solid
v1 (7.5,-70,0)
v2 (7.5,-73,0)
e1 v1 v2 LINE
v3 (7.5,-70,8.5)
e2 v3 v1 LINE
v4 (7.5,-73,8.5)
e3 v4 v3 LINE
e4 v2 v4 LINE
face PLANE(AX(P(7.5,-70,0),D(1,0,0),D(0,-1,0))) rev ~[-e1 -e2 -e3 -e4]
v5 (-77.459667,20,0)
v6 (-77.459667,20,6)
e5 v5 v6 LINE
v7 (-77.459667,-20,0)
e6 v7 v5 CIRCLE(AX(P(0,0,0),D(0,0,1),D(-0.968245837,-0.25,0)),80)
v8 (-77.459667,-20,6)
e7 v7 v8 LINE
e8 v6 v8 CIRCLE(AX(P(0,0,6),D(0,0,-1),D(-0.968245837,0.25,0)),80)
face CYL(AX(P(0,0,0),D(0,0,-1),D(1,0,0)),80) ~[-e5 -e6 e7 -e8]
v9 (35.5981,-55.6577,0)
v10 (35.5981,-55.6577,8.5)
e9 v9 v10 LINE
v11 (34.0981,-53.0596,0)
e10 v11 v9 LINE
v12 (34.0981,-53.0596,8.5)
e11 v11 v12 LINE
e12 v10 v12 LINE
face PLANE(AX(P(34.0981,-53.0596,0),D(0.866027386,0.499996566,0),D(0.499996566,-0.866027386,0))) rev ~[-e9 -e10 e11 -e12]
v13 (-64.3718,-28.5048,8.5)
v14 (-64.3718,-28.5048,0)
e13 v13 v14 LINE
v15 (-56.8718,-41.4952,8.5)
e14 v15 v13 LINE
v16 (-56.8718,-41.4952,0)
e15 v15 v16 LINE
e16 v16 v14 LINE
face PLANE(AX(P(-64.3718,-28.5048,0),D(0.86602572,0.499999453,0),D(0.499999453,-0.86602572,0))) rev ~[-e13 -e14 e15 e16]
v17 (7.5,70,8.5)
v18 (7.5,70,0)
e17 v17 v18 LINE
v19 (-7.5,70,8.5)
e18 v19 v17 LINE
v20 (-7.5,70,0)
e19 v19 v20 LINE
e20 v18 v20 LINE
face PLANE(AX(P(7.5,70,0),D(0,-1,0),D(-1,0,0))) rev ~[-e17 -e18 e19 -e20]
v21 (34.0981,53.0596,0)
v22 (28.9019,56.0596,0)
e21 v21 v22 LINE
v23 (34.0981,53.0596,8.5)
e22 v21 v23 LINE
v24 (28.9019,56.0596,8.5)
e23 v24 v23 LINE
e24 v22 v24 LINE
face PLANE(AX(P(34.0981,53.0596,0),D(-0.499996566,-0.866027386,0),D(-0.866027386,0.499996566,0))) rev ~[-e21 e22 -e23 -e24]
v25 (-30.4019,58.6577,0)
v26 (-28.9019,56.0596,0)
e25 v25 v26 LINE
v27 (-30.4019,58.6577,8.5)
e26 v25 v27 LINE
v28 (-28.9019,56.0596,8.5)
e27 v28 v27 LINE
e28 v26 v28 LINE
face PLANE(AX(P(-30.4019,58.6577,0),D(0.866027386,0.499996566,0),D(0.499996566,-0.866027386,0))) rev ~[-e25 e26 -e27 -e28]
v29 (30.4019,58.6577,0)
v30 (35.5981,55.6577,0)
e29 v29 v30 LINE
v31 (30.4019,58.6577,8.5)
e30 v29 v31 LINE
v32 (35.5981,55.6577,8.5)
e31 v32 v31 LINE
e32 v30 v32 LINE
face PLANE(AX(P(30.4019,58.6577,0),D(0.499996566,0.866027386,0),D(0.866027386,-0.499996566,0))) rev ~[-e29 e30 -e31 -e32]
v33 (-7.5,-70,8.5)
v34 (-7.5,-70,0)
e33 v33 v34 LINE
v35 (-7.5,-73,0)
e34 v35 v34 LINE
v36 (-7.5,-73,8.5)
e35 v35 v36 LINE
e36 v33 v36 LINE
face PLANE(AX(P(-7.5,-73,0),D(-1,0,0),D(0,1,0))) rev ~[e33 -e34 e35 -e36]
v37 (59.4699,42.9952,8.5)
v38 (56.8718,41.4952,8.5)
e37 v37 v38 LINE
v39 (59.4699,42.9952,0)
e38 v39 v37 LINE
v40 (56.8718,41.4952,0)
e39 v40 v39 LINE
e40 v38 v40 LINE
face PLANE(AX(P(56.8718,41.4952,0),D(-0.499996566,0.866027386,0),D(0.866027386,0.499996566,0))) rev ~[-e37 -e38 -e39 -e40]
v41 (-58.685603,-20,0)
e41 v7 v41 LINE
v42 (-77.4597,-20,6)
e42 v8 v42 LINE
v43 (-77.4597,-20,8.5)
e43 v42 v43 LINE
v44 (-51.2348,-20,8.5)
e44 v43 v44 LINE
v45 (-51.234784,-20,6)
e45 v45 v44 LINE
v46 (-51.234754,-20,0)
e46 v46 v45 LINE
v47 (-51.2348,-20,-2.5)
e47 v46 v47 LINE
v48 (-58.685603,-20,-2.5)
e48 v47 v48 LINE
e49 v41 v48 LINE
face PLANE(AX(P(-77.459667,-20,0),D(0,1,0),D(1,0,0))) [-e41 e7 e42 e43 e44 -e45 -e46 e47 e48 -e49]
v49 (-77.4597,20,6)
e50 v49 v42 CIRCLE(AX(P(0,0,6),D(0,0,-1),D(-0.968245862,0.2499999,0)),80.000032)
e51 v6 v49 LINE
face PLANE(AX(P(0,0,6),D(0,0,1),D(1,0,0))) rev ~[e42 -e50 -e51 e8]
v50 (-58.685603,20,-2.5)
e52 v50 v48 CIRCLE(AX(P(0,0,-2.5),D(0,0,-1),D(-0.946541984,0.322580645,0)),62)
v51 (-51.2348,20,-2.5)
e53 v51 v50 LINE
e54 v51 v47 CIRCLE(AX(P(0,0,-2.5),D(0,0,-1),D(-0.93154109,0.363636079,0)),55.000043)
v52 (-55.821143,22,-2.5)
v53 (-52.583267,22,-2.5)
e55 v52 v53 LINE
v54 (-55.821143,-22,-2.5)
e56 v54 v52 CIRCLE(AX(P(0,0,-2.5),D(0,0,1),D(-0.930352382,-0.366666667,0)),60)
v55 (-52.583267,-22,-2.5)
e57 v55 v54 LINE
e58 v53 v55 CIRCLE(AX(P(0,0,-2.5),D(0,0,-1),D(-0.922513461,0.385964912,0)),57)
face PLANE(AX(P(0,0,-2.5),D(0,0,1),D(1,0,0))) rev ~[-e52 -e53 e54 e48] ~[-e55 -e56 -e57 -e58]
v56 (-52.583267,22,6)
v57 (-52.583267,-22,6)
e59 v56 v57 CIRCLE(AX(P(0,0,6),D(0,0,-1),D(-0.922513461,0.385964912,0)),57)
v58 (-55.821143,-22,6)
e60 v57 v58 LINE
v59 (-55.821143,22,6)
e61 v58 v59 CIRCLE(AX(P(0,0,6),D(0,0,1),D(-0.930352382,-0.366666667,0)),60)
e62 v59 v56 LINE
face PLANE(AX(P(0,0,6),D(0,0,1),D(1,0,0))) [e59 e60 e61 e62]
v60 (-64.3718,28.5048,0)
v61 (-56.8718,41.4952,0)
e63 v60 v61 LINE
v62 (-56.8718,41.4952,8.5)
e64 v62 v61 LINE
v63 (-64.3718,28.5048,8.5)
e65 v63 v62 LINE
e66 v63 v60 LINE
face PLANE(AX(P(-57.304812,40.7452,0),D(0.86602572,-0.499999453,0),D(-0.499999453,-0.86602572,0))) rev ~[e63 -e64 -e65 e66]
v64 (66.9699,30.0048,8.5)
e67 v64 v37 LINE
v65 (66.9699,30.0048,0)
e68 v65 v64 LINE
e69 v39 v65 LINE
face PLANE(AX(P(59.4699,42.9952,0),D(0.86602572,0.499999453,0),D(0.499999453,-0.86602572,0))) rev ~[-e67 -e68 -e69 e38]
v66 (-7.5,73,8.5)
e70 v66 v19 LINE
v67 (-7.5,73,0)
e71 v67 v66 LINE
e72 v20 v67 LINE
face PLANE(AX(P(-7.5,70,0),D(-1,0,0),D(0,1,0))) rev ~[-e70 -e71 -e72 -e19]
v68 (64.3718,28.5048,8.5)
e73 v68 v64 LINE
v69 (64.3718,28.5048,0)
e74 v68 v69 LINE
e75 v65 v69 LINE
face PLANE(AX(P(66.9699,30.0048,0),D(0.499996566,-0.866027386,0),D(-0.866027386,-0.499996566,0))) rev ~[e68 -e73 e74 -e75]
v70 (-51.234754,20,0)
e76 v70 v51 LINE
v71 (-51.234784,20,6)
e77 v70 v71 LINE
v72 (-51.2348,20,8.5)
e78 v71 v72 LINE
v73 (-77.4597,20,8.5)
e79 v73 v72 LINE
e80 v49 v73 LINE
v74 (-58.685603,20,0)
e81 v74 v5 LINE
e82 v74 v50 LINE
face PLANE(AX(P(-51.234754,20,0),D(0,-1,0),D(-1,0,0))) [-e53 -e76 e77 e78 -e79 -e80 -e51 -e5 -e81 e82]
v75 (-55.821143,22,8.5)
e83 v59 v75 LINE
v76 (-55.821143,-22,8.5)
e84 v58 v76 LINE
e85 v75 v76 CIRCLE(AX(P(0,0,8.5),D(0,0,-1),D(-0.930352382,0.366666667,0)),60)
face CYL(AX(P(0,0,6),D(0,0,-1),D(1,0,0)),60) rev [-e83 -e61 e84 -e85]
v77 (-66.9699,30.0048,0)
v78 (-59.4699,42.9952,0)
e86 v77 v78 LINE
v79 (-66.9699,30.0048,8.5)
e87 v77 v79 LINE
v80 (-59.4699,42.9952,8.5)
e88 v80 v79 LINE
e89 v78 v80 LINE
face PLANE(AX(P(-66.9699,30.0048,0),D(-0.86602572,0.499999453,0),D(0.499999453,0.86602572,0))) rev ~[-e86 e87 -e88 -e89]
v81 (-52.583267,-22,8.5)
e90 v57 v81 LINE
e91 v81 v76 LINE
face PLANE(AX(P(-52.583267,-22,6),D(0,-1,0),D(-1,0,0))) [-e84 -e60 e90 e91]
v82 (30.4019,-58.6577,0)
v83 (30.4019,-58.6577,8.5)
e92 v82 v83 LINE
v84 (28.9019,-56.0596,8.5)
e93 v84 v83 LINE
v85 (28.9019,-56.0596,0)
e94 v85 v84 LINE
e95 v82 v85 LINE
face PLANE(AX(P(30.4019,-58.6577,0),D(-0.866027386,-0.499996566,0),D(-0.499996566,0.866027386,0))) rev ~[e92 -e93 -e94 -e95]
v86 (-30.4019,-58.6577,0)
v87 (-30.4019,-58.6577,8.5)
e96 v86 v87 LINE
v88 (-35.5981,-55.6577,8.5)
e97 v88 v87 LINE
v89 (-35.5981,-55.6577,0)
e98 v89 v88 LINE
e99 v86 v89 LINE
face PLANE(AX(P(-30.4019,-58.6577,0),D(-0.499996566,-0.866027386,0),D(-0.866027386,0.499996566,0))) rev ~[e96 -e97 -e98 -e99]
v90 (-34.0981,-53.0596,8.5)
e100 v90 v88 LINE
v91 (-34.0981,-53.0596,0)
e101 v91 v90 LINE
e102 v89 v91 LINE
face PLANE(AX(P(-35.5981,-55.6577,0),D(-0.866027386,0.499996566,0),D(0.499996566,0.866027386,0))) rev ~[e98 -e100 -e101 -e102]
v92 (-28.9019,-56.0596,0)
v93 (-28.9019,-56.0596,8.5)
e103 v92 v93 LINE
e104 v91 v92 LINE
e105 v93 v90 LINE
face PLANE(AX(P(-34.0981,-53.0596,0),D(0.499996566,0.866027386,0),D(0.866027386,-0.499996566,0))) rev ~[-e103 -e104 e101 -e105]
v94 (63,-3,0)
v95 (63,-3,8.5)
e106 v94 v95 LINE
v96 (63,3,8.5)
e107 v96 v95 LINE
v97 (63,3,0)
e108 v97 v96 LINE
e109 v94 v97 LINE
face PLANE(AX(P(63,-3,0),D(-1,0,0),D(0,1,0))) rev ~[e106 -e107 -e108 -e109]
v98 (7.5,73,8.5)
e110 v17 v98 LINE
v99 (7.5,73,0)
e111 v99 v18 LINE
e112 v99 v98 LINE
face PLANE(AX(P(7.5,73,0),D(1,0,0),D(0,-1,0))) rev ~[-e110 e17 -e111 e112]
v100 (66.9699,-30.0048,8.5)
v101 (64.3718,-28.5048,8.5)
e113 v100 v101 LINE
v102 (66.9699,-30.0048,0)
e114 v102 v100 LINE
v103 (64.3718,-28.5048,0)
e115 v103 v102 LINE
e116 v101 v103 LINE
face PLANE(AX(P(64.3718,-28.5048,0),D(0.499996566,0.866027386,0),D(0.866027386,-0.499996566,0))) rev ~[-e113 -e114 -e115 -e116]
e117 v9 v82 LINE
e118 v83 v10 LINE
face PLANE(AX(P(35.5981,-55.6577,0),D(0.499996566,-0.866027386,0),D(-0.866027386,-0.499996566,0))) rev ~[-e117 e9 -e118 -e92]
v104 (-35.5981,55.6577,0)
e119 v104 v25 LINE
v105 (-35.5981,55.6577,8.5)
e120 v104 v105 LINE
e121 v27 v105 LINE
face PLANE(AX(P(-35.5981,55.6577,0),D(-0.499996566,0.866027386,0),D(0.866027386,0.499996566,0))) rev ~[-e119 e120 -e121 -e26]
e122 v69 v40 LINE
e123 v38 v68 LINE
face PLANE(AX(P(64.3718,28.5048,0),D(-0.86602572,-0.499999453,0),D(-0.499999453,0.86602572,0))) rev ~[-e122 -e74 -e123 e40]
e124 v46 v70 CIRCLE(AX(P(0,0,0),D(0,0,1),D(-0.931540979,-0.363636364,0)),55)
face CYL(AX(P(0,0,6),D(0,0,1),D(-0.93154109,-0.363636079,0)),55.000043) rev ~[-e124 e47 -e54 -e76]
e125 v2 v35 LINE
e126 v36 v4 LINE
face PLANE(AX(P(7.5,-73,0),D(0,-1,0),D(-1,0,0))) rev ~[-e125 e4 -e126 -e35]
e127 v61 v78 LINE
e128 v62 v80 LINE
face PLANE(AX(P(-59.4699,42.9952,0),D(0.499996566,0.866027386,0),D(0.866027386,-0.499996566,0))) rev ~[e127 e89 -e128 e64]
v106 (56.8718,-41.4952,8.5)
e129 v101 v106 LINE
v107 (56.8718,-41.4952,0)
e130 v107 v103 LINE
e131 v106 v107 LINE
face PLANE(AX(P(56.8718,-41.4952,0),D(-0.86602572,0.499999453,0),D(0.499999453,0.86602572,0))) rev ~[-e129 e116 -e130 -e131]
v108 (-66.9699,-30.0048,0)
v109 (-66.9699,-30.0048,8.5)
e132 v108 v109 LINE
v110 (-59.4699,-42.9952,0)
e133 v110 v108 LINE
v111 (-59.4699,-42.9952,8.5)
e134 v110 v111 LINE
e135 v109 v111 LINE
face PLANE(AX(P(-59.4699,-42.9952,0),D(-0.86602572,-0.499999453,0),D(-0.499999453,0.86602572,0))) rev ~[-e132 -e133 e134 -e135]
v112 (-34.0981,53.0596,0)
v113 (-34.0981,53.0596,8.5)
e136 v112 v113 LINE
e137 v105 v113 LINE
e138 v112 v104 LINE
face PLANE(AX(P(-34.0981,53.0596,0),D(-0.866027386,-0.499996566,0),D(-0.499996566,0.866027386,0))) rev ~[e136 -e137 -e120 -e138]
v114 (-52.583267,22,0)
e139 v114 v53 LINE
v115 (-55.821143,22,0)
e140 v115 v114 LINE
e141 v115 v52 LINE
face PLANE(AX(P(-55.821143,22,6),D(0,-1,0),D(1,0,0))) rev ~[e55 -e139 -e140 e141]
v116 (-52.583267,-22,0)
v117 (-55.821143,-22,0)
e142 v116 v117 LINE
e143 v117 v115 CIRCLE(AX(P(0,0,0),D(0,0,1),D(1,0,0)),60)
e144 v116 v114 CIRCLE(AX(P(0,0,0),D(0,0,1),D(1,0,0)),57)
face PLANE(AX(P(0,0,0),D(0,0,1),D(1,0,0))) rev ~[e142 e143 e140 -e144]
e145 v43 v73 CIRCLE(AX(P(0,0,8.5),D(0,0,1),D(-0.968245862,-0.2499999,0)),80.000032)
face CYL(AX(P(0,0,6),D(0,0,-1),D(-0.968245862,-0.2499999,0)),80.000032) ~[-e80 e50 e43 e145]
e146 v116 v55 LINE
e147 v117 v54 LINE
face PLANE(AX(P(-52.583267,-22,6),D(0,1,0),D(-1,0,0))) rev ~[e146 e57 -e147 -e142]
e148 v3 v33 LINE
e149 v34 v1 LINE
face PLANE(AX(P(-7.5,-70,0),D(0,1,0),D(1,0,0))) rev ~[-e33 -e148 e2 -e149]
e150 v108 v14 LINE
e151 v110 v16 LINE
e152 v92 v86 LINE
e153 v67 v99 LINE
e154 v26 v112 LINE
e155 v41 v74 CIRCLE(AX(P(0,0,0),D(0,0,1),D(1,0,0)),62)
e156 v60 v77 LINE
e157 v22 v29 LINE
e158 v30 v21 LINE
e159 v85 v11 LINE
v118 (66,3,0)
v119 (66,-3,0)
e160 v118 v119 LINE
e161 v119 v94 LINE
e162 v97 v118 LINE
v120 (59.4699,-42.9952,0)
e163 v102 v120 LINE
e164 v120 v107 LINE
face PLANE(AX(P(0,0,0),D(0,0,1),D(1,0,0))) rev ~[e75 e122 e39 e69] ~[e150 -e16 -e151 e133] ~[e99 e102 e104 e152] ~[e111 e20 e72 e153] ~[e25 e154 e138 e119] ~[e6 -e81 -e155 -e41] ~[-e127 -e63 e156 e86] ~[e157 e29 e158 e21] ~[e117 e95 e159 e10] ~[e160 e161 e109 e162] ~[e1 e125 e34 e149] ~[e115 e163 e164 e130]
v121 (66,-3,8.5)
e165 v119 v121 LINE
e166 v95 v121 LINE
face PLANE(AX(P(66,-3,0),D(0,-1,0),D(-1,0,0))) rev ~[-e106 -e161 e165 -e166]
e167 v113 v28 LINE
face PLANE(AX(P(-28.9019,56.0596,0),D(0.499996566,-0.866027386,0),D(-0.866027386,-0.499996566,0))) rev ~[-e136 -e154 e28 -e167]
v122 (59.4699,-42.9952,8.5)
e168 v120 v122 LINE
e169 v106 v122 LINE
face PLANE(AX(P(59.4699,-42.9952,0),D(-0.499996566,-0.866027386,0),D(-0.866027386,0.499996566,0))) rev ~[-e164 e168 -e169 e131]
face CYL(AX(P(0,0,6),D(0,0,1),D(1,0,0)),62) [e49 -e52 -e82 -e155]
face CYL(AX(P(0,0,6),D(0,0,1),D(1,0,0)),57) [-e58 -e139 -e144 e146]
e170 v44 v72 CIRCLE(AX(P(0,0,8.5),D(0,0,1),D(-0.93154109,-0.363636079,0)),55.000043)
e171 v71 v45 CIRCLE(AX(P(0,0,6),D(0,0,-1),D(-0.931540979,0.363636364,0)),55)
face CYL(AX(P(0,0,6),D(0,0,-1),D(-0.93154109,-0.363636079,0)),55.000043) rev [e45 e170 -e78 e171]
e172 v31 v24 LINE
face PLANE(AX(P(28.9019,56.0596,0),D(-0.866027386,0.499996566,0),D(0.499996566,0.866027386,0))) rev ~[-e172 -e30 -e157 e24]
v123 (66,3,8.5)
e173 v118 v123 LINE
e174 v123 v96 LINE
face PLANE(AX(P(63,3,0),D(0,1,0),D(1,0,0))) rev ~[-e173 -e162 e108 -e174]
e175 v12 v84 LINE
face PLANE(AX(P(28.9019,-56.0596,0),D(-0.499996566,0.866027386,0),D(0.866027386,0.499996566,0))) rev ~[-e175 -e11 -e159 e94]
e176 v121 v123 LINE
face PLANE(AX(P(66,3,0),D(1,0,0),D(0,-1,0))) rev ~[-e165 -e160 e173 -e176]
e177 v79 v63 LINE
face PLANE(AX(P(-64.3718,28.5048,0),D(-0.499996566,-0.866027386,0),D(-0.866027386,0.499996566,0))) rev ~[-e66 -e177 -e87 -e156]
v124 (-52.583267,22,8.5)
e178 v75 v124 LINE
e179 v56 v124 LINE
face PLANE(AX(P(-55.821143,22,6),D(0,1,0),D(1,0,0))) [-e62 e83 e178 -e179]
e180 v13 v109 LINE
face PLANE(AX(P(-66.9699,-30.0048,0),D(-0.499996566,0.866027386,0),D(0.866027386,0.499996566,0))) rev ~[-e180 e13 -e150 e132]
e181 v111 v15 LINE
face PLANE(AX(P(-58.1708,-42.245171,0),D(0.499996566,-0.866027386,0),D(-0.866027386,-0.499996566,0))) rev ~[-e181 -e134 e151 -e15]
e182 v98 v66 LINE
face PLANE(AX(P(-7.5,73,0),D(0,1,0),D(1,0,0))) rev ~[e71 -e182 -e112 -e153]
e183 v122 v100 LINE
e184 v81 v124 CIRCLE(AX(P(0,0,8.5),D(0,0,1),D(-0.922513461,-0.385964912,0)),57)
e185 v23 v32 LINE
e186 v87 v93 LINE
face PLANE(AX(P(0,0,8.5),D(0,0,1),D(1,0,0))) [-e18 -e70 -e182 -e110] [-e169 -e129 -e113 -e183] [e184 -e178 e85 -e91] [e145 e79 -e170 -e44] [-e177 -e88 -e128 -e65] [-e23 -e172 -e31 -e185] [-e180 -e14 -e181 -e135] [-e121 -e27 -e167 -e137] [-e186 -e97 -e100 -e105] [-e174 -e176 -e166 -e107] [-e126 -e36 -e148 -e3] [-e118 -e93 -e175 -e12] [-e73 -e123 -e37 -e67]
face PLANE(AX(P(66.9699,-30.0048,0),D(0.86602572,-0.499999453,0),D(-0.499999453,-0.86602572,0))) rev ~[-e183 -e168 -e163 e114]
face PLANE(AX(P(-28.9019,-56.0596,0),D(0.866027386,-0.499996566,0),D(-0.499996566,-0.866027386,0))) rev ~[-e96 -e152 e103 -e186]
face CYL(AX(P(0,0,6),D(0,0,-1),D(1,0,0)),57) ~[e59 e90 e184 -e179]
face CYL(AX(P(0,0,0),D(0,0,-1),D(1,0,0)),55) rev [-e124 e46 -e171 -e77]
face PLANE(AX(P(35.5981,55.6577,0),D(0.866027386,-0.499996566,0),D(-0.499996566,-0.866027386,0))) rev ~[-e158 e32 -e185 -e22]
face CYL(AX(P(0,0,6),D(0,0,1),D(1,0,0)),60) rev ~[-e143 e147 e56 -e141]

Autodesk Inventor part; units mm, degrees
ref_plane "YZ Plane" through (0, 0, 0) normal (1, 0, 0) x (0, 1, 0)
ref_plane "XZ Plane" through (0, 0, 0) normal (0, 1, 0) x (-1, 0, 0)
ref_plane "XY Plane" through (0, 0, 0) normal (0, 0, 1) x (1, 0, 0)
sketch "Sketch1" plane through (0, 0, 0) normal (0, 0, 1) x (1, 0, 0)
  circle A0 centre (0, 0) radius 80
  circle A1 centre (0, 0) radius 55
  line L0 (-7.5, 73) -> (7.5, 73)
  line L1 (7.5, 73) -> (7.5, 70)
  line L2 (7.5, 70) -> (-7.5, 70)
  line L3 (-7.5, 70) -> (-7.5, 73)
  line L4 (-66.9699, 30.0048) -> (-59.4699, 42.9952)
  line L5 (-59.4699, 42.9952) -> (-56.8718, 41.4952)
  line L6 (-56.8718, 41.4952) -> (-64.3718, 28.5048)
  line L7 (-64.3718, 28.5048) -> (-66.9699, 30.0048)
  line L8 (-59.4699, -42.9952) -> (-66.9699, -30.0048)
  line L9 (-66.9699, -30.0048) -> (-64.3718, -28.5048)
  line L10 (-64.3718, -28.5048) -> (-56.8718, -41.4952)
  line L11 (-56.8718, -41.4952) -> (-59.4699, -42.9952)
  line L12 (7.5, -73) -> (-7.5, -73)
  line L13 (-7.5, -73) -> (-7.5, -70)
  line L14 (-7.5, -70) -> (7.5, -70)
  line L15 (7.5, -70) -> (7.5, -73)
  line L16 (66.9699, -30.0048) -> (59.4699, -42.9952)
  line L17 (59.4699, -42.9952) -> (56.8718, -41.4952)
  line L18 (56.8718, -41.4952) -> (64.3718, -28.5048)
  line L19 (64.3718, -28.5048) -> (66.9699, -30.0048)
  line L20 (59.4699, 42.9952) -> (66.9699, 30.0048)
  line L21 (66.9699, 30.0048) -> (64.3718, 28.5048)
  line L22 (64.3718, 28.5048) -> (56.8718, 41.4952)
  line L23 (56.8718, 41.4952) -> (59.4699, 42.9952)
  line L24 (-58.1708, 43.7452) -> (-43.1708, 43.7452)
  line L25 (-43.1708, 43.7452) -> (-43.1708, 40.7452)
  line L26 (-43.1708, 40.7452) -> (-58.1708, 40.7452)
  line L27 (-58.1708, 40.7452) -> (-58.1708, 43.7452)
  line L28 (-58.1708, -40.7452) -> (-43.1708, -40.7452)
  line L29 (-43.1708, -40.7452) -> (-43.1708, -43.7452)
  line L30 (-43.1708, -43.7452) -> (-58.1708, -43.7452)
  line L31 (-58.1708, -43.7452) -> (-58.1708, -40.7452)
  line L32 (0, 20) -> (-100, 20)
  line L33 (-100, 20) -> (-100, -20)
  line L34 (-100, -20) -> (0, -20)
  line L35 (0, -20) -> (0, 20)
  point P0 (0, 73)
  point P1 (7.5, 71.5)
  point P2 (0, 70)
  point P3 (-63.2199, 36.5)
  point P4 (-58.1708, 42.2452)
  point P5 (-60.6218, 35)
  point P6 (-63.2199, -36.5)
  point P7 (-65.6708, -29.2548)
  point P8 (-60.6218, -35)
  point P9 (0, -73)
  point P10 (-7.5, -71.5)
  point P11 (0, -70)
  point P12 (63.2199, -36.5)
  point P13 (58.1708, -42.2452)
  point P14 (60.6218, -35)
  point P15 (63.2199, 36.5)
  point P16 (65.6708, 29.2548)
  point P17 (60.6218, 35)
  point P18 (-58.1708, 42.2452)
  point P19 (-58.1708, -42.2452)
  point P20 (-51.2348, -20)
  point P21 (-77.4597, -20)
  point P22 (-77.4597, 20)
  point P23 (-51.2348, 20)
  dimension "d0" = 160
  dimension "d1" = 110
  dimension "d2" = 15
  dimension "d3" = 3
  dimension "d11" = 70
  dimension "d14" = 360
  dimension "d18" = 15
  dimension "d19" = 3
  dimension "d20" = 15
  dimension "d21" = 3
  dimension "d22" = 40
  dimension "d23" = 100
extrude "Extrusion2" add sketch "Sketch1" along normal blind 6 contours A0 L34 A1 L32 | L27 L24 L25 L26 L6 L5 | L11 L10 L28 L29 L30 L31 picked at (16.7927, -65.9701)
sketch "草圖2" plane through (0, 0, 6) normal (0, 0, 1) x (1, 0, 0)
  arc A0 (-51.2348, -20) -> (-51.2348, 20) centre (0, 0) ccw projected
  circle A1 centre (0, 0) radius 55
  circle A2 centre (0, 0) radius 57
  circle A3 centre (0, 0) radius 60
  circle A4 centre (0, 0) radius 62
  arc A5 (-77.4597, -20) -> (-77.4597, 20) centre (0, 0) ccw projected
  line L0 (-51.2348, 20) -> (-77.4597, 20)
  line L1 (-51.2348, -20) -> (-77.4597, -20) projected
  line L2 (-51.2348, -20) -> (-77.4597, -20)
  line L3 (-51.2348, 20) -> (-77.4597, 20)
  line L4 (-77.4597, 20) -> (-77.4597, 22)
  line L5 (-77.4597, 22) -> (-51.2348, 22)
  line L6 (-51.2348, 22) -> (-51.2348, 20)
  line L7 (-77.4597, -20) -> (-51.2348, -20)
  line L8 (-51.2348, -20) -> (-51.2348, -22)
  line L9 (-51.2348, -22) -> (-77.4597, -22)
  line L10 (-77.4597, -22) -> (-77.4597, -20)
  point P0 (-58.6856, 20)
  point P1 (-58.6856, -20)
  point P2 (-55.8211, 22)
  point P3 (-55.8211, -22)
  point P4 (-52.5833, -22)
  point P5 (-52.5833, 22)
  point P6 (-57.9655, -22)
  point P7 (-76.9155, -22)
  point P8 (-76.9155, 22)
  point P9 (-57.9655, 22)
  dimension "d24" = 114
  dimension "d25" = 120
  dimension "d26" = 124
  dimension "d27" = 2
  dimension "d28" = 26.2249
  dimension "d29" = 2
  dimension "d30" = 26.2249
extrude "擠出3" add sketch "草圖2" against normal blind 8.5 contours L8 L9 A2 L1 | A0 L6 L5 A2 L9 L8 | L0 A2 L5 L6 | A2 L9 A3 L1 | L0 A3 L5 A2 | A3 L9 A4 L1 | L0 A4 L5 A3 | A3 L5 A4 L9
extrude "擠出4" add sketch "草圖2" along normal blind 2.5 contours L8 L9 A2 L1 | A0 L6 L5 A2 L9 L8 | L0 A2 L5 L6 | A2 L9 A3 L1 | L0 A3 L5 A2 | A3 L9 A4 L1 | L0 A4 L5 A3 | A3 L5 A4 L9 | A4 L9 A5 L1 | L0 A5 L5 A4 | A4 L5 A5 L9
sketch "草圖3" plane through (0, 0, 0) normal (0, 0, -1) x (-1, 0, 0)
  line L0 (-63, 3) -> (-66, 3)
  line L1 (-66, 3) -> (-66, -3)
  line L2 (-66, -3) -> (-63, -3)
  line L3 (-63, -3) -> (-63, 3)
  line L4 (-34.0981, -53.0596) -> (-35.5981, -55.6577)
  line L5 (-35.5981, -55.6577) -> (-30.4019, -58.6577)
  line L6 (-30.4019, -58.6577) -> (-28.9019, -56.0596)
  line L7 (-28.9019, -56.0596) -> (-34.0981, -53.0596)
  line L8 (28.9019, -56.0596) -> (30.4019, -58.6577)
  line L9 (30.4019, -58.6577) -> (35.5981, -55.6577)
  line L10 (35.5981, -55.6577) -> (34.0981, -53.0596)
  line L11 (34.0981, -53.0596) -> (28.9019, -56.0596)
  line L12 (63, -3) -> (66, -3)
  line L13 (66, -3) -> (66, 3)
  line L14 (66, 3) -> (63, 3)
  line L15 (63, 3) -> (63, -3)
  line L16 (34.0981, 53.0596) -> (35.5981, 55.6577)
  line L17 (35.5981, 55.6577) -> (30.4019, 58.6577)
  line L18 (30.4019, 58.6577) -> (28.9019, 56.0596)
  line L19 (28.9019, 56.0596) -> (34.0981, 53.0596)
  line L20 (-28.9019, 56.0596) -> (-30.4019, 58.6577)
  line L21 (-30.4019, 58.6577) -> (-35.5981, 55.6577)
  line L22 (-35.5981, 55.6577) -> (-34.0981, 53.0596)
  line L23 (-34.0981, 53.0596) -> (-28.9019, 56.0596)
  point P0 (0, 0)
  point P1 (-63, 0)
  point P2 (-31.5, -54.5596)
  point P3 (31.5, -54.5596)
  point P4 (63, 0)
  point P5 (31.5, 54.5596)
  point P6 (-31.5, 54.5596)
  dimension "d35" = 3
  dimension "d36" = 6
  dimension "d38" = 63
  dimension "d39" = 3
  dimension "d44" = 360
extrude "擠出5" cut sketch "草圖3" against normal through all contours L3 L2 L1 L0 | L7 L6 L5 L4 | L11 L10 L9 L8 | L19 L18 L17 L16 | L23 L22 L21 L20
extrude "擠出6" cut sketch "Sketch1" along normal through all contours L0 L1 L2 L3 | L4 L5 L27 L26 L6 L7 | L5 L6 L26 L27 | L8 L9 L10 L28 L31 L11 | L31 L28 L10 L11 | L12 L13 L14 L15 | L16 L17 L18 L19 | L20 L21 L22 L23
properties part number "back_cir_hold"
